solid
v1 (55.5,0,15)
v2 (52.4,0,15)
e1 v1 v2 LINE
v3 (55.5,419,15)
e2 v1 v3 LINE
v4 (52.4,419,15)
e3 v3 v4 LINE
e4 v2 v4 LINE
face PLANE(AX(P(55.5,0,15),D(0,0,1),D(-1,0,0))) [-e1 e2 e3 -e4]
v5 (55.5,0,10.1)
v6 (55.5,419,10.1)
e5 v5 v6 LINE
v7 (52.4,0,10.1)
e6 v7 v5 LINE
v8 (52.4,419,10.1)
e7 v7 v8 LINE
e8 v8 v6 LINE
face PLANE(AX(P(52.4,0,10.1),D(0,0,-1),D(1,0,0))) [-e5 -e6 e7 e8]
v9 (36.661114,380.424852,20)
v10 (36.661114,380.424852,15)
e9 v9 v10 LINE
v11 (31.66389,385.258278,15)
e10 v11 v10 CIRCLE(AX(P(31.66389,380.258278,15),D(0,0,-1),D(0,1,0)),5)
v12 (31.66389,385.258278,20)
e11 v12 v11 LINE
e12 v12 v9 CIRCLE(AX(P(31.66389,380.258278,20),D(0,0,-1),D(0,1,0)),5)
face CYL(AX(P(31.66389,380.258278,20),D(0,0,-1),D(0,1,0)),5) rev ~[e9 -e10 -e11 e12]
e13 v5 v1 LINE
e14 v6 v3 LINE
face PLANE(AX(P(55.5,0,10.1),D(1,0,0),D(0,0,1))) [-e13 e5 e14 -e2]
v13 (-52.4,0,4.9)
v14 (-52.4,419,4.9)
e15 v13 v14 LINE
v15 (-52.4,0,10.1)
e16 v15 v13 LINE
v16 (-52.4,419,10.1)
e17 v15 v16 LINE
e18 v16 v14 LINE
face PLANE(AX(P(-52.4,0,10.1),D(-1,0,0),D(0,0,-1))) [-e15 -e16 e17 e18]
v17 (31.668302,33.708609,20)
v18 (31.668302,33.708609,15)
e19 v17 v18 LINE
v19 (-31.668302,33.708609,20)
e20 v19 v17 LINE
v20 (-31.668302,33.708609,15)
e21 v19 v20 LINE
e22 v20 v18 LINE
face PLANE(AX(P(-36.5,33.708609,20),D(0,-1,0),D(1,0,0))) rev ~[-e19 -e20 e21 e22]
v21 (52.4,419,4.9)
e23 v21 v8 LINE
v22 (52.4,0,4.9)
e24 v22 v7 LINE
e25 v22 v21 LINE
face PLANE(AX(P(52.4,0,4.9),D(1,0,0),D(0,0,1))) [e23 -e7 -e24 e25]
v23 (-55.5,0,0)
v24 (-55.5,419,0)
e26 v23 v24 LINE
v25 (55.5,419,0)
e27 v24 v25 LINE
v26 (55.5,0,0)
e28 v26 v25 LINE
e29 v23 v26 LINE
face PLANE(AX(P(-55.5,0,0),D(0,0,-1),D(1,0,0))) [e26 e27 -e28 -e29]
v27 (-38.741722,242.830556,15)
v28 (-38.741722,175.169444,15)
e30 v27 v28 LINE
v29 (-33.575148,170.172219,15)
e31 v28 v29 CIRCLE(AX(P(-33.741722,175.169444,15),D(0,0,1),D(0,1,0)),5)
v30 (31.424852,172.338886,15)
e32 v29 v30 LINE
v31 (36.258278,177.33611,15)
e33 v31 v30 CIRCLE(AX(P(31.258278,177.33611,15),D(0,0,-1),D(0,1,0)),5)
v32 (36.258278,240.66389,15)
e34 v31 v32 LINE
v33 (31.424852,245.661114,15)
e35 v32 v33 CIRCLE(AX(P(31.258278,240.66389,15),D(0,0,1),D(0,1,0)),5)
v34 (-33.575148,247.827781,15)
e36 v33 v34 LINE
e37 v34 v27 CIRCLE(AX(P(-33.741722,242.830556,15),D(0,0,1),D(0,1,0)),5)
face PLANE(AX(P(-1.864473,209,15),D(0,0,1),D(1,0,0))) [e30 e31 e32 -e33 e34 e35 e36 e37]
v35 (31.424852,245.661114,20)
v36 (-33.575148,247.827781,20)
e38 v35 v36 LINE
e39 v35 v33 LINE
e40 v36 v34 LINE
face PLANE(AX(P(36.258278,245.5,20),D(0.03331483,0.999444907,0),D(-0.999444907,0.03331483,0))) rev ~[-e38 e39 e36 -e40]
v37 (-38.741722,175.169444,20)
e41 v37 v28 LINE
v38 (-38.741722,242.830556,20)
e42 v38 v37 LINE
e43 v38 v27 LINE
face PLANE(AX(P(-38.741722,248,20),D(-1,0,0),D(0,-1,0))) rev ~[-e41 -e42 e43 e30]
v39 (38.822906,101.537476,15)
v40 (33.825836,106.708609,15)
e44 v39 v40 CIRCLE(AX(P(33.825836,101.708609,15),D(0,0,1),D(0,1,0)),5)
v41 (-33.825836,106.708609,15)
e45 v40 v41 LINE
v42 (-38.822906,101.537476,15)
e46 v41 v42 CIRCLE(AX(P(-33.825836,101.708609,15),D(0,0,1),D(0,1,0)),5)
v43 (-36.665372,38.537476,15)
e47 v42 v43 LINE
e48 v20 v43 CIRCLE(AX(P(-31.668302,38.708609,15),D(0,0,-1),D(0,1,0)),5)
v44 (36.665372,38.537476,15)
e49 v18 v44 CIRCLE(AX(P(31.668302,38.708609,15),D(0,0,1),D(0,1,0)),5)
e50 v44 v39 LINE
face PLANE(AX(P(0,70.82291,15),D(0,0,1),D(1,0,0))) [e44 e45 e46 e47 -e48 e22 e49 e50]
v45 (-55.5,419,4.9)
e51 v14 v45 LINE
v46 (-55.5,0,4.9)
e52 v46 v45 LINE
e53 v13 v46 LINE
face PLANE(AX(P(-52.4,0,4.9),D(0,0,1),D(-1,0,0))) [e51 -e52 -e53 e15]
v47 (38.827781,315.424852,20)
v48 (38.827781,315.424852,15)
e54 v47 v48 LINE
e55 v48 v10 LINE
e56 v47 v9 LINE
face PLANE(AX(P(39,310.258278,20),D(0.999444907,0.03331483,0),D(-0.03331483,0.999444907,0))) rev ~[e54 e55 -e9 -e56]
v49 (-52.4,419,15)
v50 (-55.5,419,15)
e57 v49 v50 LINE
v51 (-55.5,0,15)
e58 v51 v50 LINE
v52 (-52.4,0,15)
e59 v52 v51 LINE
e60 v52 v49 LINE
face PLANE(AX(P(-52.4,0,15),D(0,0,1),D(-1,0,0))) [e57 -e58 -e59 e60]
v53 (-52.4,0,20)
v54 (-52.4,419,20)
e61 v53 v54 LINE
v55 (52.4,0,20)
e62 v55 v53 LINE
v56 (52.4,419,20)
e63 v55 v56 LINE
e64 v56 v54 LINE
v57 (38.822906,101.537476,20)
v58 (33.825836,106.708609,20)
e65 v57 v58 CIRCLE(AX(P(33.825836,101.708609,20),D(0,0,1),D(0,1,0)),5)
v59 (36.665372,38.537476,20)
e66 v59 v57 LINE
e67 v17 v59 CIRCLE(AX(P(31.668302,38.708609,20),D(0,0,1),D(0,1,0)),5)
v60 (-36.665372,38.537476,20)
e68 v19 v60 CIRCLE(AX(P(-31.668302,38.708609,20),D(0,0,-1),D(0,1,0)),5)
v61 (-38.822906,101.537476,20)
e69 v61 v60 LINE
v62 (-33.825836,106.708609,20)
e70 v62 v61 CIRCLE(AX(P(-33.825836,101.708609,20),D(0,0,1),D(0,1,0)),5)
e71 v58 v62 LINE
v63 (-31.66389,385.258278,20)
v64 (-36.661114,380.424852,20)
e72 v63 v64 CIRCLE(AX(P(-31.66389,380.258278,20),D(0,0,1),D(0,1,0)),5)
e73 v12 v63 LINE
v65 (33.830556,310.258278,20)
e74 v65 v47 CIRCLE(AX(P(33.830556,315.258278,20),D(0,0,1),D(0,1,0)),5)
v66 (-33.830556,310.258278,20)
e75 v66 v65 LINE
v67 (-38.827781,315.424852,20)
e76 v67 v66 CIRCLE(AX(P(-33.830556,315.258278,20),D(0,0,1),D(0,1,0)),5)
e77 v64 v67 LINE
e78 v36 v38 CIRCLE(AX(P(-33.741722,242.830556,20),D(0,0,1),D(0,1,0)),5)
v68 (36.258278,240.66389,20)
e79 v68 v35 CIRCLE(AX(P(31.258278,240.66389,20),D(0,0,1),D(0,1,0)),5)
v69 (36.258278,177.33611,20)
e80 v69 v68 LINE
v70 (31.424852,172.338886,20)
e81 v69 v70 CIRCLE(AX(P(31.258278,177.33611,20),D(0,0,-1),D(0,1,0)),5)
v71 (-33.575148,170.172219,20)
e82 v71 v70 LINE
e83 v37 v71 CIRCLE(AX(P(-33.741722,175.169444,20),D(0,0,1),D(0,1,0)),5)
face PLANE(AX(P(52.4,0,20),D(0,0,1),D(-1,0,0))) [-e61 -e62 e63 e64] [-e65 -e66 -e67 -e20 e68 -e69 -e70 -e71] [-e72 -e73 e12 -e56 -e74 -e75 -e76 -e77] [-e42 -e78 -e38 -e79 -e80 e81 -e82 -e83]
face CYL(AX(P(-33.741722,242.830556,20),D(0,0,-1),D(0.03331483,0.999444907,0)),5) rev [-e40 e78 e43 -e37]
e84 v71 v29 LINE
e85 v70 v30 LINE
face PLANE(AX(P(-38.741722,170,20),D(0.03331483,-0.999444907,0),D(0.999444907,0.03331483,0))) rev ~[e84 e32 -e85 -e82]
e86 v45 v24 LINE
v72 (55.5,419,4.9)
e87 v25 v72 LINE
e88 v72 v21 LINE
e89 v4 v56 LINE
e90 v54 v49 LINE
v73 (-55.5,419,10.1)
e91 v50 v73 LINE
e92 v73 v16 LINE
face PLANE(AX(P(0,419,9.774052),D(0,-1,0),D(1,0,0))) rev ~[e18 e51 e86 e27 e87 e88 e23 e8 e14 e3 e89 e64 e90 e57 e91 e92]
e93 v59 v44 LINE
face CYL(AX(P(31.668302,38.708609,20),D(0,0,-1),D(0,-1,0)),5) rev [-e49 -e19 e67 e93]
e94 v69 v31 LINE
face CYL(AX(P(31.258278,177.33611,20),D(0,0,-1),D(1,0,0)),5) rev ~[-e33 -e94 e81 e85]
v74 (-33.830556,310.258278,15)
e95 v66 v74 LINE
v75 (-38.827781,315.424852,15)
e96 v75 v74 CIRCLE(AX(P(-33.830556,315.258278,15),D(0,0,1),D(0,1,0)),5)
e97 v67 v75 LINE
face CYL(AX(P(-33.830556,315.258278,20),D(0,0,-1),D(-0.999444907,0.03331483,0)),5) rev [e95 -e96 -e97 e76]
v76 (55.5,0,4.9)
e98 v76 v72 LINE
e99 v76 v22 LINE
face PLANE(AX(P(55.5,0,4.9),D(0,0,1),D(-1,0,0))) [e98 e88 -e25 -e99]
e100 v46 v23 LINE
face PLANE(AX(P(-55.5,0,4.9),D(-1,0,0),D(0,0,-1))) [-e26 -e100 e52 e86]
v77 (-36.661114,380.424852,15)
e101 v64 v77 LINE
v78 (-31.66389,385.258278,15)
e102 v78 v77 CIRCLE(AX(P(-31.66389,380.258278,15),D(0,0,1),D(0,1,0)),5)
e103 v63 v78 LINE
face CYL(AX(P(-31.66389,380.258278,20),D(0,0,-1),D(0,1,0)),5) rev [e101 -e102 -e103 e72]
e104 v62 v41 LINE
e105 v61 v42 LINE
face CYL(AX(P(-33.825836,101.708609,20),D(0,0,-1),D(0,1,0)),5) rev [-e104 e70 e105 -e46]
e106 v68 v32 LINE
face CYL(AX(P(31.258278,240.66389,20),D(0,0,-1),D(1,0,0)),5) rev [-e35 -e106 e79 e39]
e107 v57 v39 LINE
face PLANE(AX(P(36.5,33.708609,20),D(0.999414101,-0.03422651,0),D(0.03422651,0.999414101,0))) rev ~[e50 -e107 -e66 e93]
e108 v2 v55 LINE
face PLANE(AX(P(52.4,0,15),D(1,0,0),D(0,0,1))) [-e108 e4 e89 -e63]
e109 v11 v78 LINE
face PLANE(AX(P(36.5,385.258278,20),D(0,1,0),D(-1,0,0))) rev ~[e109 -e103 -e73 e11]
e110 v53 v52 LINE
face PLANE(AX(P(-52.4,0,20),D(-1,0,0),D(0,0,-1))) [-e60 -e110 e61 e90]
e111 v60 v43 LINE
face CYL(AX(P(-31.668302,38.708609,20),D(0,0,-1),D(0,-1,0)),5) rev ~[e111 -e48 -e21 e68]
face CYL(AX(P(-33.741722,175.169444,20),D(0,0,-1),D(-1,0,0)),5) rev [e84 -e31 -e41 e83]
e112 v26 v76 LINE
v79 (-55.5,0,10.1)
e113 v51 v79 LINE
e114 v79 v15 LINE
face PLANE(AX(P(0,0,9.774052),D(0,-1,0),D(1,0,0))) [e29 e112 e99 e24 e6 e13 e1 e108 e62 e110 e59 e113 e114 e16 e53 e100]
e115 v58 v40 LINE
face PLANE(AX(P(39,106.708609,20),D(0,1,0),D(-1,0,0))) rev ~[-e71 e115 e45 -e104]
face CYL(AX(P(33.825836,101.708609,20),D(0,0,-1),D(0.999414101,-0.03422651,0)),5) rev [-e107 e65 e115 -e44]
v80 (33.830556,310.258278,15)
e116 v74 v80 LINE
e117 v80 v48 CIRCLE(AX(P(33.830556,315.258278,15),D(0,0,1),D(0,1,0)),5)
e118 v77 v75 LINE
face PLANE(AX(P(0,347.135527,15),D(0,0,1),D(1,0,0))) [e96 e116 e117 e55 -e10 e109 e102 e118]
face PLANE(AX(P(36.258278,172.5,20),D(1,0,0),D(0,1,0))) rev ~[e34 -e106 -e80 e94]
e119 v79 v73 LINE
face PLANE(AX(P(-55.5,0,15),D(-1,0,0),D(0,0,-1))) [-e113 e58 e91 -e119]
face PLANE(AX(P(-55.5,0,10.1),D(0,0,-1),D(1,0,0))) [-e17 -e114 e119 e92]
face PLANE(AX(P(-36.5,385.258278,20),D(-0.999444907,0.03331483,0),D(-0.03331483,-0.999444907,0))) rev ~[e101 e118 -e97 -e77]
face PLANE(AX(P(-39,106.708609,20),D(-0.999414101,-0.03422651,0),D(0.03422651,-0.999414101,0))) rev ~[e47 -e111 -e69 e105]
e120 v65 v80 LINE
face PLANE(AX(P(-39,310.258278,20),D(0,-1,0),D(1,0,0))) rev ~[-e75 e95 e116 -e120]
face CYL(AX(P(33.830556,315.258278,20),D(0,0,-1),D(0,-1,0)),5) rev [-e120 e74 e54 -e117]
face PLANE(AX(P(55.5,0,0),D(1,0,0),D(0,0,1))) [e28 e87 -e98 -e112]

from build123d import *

# Parameters (mm, degrees)
F1_DEPTH = 419
F3_DEPTH = 5
F4_R     = 5


with BuildPart() as f1:
    # F0 (on Front) → F1 (new body)
    with BuildSketch(Plane.XZ):
        Polygon((-55.5, 0), (0, 0), (55.5, 0), (55.5, 4.9), (52.4, 4.9), (52.4, 10.1), (55.5, 10.1), (55.5, 15), (52.4, 15), (52.4, 20), (0, 20), (-52.4, 20), (-52.4, 15), (-55.5, 15), (-55.5, 10.1), (-52.4, 10.1), (-52.4, 4.9), (-55.5, 4.9), align=None)
    extrude(amount=-F1_DEPTH)

    # F2 (on face) → F3 (cut)
    with BuildSketch(Plane.XY.offset(20)):
        Polygon((36.5, 385.258278), (-36.5, 385.258278), (-39, 310.258278), (39, 310.258278), align=None)
        Polygon((-36.5, 33.708609), (36.5, 33.708609), (39, 106.708609), (-39, 106.708609), align=None)
        Polygon((36.258278, 172.5), (36.258278, 245.5), (-38.741722, 248), (-38.741722, 170), align=None)
    extrude(amount=-F3_DEPTH, mode=Mode.SUBTRACT)

    # F4
    f4_edges = [f1.edges().sort_by_distance(p)[0] for p in [
        (-36.5, 385.258278, 17.5),
        (36.5, 385.258278, 17.5),
        (-39, 310.258278, 17.5),
        (39, 310.258278, 17.5),
        (-38.741722, 248, 17.5),
        (36.258278, 245.5, 17.5),
        (39, 106.708609, 17.5),
        (-39, 106.708609, 17.5),
        (-38.741722, 170, 17.5),
        (36.258278, 172.5, 17.5),
        (36.5, 33.708609, 17.5),
        (-36.5, 33.708609, 17.5),
    ]]
    fillet(f4_edges, radius=F4_R)


solid = f1.part
